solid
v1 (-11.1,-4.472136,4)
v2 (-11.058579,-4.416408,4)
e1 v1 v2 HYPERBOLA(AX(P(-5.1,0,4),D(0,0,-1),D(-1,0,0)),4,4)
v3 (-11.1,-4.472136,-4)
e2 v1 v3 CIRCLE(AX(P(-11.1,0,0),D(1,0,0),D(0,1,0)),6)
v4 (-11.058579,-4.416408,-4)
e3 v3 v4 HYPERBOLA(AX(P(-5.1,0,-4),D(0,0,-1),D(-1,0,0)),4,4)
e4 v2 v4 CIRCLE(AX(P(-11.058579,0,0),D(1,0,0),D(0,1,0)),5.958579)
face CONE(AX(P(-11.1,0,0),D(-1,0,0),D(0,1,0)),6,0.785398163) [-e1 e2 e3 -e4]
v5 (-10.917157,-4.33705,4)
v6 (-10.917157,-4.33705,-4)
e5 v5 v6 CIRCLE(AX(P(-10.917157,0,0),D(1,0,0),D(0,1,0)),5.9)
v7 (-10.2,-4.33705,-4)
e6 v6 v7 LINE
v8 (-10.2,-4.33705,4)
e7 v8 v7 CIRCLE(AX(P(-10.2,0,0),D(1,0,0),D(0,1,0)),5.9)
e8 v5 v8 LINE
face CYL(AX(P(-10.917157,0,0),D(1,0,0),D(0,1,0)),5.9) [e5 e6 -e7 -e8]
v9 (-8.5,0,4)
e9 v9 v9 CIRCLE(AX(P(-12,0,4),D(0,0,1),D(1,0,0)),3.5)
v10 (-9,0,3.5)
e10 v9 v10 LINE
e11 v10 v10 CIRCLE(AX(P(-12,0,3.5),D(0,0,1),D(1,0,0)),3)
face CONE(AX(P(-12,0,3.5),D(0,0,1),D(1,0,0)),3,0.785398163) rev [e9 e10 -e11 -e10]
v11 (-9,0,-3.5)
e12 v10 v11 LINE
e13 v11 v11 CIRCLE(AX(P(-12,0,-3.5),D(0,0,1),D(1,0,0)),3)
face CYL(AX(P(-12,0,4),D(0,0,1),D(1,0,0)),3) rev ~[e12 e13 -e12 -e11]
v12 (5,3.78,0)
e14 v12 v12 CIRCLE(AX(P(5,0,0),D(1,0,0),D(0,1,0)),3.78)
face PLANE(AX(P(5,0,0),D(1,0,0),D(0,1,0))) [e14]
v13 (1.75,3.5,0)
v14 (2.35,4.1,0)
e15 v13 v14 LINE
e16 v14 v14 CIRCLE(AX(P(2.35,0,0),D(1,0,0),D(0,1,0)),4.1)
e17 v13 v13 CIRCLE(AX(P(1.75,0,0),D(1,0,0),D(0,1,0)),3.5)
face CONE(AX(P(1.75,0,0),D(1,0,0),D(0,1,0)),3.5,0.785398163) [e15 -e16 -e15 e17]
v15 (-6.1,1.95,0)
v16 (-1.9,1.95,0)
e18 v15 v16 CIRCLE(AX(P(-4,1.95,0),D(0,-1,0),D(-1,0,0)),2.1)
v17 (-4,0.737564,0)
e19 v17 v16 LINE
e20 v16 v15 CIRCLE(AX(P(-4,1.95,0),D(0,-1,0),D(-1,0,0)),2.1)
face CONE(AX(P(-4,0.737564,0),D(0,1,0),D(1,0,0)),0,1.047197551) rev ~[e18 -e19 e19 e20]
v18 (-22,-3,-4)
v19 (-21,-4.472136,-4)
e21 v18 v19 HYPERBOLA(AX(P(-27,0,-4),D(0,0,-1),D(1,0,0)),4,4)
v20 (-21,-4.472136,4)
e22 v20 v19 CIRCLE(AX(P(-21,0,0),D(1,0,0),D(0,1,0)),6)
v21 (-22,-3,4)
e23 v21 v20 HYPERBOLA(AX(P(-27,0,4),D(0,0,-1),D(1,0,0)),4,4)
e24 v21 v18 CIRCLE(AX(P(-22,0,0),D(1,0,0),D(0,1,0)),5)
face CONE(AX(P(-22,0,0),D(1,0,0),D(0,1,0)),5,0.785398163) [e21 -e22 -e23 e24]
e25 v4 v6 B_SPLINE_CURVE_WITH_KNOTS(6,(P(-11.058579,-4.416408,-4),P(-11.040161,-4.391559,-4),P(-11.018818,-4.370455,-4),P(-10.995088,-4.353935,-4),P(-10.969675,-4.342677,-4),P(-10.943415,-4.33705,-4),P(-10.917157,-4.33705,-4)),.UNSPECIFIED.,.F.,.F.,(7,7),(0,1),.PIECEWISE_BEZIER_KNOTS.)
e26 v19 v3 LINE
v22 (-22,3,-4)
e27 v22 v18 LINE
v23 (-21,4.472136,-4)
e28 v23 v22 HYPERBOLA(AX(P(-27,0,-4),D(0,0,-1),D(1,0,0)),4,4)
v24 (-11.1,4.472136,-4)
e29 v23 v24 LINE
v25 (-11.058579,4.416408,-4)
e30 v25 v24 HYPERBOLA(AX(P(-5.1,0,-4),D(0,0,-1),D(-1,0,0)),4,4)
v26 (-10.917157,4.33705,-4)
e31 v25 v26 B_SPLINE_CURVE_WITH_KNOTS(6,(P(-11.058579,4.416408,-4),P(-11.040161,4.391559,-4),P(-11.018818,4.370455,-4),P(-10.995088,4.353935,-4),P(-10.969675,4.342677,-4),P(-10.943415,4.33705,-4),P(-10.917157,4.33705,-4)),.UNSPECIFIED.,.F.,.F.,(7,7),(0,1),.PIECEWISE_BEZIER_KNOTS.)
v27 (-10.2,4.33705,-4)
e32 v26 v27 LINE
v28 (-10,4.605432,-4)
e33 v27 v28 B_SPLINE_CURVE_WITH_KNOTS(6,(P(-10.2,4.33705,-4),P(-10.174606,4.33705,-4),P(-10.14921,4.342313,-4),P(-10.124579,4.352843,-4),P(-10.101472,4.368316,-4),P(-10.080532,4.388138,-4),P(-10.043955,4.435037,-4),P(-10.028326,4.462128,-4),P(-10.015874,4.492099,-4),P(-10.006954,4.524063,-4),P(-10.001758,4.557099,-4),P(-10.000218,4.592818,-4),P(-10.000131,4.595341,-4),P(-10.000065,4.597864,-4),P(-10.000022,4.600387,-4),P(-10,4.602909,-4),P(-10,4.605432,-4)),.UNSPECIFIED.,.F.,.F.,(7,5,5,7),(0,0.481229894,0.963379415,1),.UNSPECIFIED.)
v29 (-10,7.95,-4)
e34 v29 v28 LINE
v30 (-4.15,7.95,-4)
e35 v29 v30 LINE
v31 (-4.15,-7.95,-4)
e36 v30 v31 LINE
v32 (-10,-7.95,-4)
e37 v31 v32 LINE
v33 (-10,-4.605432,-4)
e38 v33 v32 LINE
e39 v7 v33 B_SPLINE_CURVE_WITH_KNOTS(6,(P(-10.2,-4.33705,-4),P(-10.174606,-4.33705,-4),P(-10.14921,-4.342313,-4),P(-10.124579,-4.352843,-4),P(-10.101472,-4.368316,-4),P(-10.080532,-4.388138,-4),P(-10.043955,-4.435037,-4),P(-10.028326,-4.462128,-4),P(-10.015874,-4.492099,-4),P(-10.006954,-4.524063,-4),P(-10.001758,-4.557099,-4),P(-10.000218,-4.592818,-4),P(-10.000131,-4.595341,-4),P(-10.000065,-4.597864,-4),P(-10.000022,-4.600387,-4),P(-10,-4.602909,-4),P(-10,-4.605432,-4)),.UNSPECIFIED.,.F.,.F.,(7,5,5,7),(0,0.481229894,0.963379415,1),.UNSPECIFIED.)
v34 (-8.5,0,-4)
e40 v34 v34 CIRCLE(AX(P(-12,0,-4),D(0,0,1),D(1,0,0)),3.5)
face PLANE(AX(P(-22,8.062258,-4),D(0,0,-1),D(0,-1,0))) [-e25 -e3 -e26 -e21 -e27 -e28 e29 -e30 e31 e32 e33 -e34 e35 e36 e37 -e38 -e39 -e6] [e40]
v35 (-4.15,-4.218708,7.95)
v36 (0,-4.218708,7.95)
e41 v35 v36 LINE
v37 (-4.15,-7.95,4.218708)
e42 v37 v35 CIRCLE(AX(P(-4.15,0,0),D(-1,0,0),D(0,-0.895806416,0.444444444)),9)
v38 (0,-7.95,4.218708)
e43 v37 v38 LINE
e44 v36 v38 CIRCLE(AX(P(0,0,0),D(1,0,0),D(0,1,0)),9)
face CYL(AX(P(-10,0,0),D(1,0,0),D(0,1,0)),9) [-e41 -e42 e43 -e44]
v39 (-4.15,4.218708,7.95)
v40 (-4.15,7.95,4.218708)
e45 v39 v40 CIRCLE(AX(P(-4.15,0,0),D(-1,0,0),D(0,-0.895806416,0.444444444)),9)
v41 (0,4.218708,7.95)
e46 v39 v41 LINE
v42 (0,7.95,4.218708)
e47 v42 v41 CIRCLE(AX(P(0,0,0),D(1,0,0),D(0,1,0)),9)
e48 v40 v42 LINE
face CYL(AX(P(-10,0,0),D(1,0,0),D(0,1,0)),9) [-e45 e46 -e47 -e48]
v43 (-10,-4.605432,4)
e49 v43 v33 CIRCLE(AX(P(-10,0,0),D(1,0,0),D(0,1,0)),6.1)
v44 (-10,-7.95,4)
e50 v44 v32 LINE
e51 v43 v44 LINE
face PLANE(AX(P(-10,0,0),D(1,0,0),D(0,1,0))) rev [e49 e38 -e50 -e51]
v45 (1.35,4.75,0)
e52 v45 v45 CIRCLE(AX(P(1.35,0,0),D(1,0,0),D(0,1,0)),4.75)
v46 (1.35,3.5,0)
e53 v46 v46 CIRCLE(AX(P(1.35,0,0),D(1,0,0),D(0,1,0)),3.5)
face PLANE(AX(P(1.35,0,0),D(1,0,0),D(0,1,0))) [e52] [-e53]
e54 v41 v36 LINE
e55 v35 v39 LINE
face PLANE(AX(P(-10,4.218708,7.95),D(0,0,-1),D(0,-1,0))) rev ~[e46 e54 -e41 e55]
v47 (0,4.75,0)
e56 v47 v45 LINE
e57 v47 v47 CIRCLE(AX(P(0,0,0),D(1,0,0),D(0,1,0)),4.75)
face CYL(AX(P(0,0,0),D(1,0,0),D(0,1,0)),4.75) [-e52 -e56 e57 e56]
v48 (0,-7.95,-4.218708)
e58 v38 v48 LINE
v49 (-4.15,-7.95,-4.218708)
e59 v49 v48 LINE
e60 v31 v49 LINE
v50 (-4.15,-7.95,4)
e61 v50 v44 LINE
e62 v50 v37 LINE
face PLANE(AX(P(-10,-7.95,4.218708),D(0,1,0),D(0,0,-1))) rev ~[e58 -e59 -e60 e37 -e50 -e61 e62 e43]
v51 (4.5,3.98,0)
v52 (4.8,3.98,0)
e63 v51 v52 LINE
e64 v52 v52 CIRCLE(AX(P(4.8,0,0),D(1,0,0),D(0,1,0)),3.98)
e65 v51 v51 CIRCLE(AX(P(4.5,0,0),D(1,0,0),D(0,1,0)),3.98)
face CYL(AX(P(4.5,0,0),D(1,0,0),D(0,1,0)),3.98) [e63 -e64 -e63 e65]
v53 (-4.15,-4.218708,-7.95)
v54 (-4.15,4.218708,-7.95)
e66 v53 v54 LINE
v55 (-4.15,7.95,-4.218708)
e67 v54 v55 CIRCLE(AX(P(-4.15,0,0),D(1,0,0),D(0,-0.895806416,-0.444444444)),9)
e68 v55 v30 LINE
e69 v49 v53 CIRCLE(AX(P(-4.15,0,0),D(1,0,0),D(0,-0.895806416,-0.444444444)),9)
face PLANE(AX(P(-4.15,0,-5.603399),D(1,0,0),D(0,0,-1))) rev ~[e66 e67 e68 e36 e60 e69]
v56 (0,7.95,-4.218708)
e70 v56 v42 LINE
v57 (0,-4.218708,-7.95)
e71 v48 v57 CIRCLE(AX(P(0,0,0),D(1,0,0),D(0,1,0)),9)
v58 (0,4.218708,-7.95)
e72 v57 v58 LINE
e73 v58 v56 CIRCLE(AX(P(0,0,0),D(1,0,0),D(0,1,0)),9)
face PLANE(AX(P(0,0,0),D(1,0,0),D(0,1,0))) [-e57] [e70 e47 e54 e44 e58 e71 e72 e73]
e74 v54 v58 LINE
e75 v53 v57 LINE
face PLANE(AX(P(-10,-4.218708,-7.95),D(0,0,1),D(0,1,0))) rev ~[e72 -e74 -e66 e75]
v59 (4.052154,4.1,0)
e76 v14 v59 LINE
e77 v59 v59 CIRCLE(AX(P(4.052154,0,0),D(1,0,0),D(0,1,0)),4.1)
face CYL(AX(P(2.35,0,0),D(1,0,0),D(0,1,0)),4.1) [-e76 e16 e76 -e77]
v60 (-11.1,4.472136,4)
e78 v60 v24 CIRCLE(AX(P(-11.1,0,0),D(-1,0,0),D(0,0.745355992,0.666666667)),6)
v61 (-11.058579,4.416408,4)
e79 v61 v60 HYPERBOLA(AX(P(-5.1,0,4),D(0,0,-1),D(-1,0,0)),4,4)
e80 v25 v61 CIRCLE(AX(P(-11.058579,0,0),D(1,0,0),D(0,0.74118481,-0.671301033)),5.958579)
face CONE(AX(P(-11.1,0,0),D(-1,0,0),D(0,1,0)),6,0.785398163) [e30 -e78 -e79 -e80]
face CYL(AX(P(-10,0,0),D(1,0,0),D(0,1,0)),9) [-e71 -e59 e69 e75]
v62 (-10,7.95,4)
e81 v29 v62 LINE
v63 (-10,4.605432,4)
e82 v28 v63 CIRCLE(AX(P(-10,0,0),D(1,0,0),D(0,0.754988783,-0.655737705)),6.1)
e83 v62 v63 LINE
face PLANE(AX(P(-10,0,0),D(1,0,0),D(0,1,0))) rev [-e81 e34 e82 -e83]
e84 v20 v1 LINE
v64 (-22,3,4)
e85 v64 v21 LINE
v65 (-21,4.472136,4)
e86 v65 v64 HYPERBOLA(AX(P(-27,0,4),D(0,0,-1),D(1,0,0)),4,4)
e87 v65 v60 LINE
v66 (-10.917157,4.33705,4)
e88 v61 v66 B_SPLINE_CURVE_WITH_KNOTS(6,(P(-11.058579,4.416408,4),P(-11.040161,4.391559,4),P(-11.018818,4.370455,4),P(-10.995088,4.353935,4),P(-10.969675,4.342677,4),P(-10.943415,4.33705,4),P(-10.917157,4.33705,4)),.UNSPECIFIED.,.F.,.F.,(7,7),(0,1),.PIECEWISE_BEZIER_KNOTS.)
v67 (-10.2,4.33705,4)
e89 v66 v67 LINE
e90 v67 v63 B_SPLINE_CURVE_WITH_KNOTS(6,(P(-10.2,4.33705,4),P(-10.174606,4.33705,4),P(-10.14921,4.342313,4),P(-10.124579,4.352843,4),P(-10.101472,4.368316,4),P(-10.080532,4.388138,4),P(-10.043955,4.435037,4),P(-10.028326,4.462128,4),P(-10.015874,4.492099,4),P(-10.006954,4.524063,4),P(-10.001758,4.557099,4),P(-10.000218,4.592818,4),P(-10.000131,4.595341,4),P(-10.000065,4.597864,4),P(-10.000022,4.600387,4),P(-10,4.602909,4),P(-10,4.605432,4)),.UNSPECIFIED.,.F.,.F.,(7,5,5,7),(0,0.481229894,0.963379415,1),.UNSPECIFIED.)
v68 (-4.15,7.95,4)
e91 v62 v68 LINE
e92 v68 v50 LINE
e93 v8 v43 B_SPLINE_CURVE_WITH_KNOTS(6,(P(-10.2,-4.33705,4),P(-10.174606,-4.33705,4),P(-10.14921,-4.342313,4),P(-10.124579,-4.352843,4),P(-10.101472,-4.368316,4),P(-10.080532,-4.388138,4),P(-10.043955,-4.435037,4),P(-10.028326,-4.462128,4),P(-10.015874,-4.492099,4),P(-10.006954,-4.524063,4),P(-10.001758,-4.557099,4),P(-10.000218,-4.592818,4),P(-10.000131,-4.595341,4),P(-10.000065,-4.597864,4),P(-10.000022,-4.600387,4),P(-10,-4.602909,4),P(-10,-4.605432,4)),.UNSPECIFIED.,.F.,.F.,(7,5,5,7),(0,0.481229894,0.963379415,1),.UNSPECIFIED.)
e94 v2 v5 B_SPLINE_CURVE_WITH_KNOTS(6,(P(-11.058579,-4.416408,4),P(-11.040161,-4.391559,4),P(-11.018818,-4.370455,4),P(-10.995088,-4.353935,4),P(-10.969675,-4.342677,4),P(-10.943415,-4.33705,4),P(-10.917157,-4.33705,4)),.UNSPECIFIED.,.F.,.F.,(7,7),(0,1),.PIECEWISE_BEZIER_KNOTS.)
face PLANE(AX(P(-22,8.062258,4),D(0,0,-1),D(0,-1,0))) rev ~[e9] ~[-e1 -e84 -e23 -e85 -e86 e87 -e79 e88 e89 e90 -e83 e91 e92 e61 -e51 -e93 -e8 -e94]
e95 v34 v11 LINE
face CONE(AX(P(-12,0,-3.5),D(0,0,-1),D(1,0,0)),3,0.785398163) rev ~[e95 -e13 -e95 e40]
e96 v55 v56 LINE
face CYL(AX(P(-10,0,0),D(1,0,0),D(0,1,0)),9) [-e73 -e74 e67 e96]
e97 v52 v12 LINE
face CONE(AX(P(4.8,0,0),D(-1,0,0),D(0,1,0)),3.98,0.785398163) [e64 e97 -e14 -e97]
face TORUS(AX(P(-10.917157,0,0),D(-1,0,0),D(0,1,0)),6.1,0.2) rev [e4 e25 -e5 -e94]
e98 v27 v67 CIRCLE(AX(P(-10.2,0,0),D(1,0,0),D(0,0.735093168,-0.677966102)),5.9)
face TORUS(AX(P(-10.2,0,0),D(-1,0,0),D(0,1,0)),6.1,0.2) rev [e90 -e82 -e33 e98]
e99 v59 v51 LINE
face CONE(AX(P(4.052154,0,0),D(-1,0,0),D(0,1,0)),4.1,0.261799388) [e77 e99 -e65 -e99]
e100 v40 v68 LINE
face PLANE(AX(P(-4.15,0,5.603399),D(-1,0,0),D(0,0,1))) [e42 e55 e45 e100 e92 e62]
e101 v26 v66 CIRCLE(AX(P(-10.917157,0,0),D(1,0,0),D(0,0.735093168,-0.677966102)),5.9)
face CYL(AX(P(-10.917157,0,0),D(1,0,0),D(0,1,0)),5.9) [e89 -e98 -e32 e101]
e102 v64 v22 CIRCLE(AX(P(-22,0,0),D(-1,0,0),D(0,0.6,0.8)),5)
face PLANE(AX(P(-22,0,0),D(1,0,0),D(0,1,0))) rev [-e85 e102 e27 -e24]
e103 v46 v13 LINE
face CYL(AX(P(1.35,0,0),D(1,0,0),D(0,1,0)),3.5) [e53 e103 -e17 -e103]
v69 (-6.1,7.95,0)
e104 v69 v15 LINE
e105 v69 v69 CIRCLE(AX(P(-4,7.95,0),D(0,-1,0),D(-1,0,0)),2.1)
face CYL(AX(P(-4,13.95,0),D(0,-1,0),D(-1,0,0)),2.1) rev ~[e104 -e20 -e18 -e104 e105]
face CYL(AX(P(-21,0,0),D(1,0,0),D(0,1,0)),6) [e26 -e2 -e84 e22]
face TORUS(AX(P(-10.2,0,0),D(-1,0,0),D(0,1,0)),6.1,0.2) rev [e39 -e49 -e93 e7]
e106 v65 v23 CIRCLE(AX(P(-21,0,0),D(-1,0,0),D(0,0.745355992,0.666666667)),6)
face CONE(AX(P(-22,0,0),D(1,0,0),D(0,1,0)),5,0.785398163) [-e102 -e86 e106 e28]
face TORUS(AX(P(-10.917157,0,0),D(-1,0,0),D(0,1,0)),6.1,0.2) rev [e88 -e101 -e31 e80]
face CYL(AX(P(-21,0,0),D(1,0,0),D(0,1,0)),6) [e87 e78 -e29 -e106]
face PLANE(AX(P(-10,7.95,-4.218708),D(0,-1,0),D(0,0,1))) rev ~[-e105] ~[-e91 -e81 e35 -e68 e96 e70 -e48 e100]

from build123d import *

# Parameters (mm, degrees)
O_L_DEPTH             = 17.85
CUT_EXTRUDE4_REACH    = 17
CUT_EXTRUDE2_REACH    = 13.95
SKETCH4_R             = 3
CHAMFER4_SIZE         = 0.5
M5_TAPPED_HOLE1_D     = 4.2
M5_TAPPED_HOLE1_DEPTH = 6
M5_TAPPED_HOLE1_TIP   = 1.212435565


with BuildPart() as part:
    # Sketch1 → Revolve1 (revolve)
    with BuildSketch(Plane.XY):
        with BuildLine():
            Line((-22, 0), (-22, 5))
            Line((-22, 5), (-21, 6))
            Line((-21, 6), (-11.1, 6))
            Line((-11.1, 6), (-11.058578644, 5.958578644))
            ThreePointArc((-11.058578644, 5.958578644), (-10.993693974, 5.915224093), (-10.917157288, 5.9))
            Line((-10.917157288, 5.9), (-10.2, 5.9))
            ThreePointArc((-10.2, 5.9), (-10.058578644, 5.958578644), (-10, 6.1))
            Line((-10, 6.1), (-10, 9))
            Line((-10, 9), (0, 9))
            Line((0, 9), (0, 4.75))
            Line((0, 4.75), (1.35, 4.75))
            Line((1.35, 4.75), (1.35, 3.5))
            Line((1.35, 3.5), (1.75, 3.5))
            Line((1.75, 3.5), (2.35, 4.1))
            Line((2.35, 4.1), (4.052153903, 4.1))
            Line((4.052153903, 4.1), (4.5, 3.98))
            Line((4.5, 3.98), (4.8, 3.98))
            Line((4.8, 3.98), (5, 3.78))
            Line((5, 3.78), (5, 0))
            Line((5, 0), (-22, 0))
        make_face()
    revolve(axis=Axis((0, 0, 0), (1, 0, 0)))

    # Sketch3 → O-L (cut)
    with BuildSketch(Plane.ZY.offset(22)):
        with BuildLine():
            Line((-4, 8.062257748), (-4, -8.062257748))
            ThreePointArc((-4, -8.062257748), (-9, 0), (-4, 8.062257748))
        make_face()
        with BuildLine():
            Line((4, 8.062257748), (4, -8.062257748))
            ThreePointArc((4, -8.062257748), (9, 0), (4, 8.062257748))
        make_face()
    extrude(amount=-O_L_DEPTH, mode=Mode.SUBTRACT)

    # Sketch6 → Cut-Extrude4 (cut, up to next)
    with BuildSketch(Plane.ZY.offset(10), mode=Mode.PRIVATE) as cut_extrude4_sk1:
        with BuildLine():
            Line((-4.218708333, 7.95), (4.218708333, 7.95))
            ThreePointArc((4.218708333, 7.95), (0, 9), (-4.218708333, 7.95))
        make_face()
    cut_extrude4_tool1 = extrude(cut_extrude4_sk1.sketch, amount=-CUT_EXTRUDE4_REACH, mode=Mode.PRIVATE) & part.part
    add(cut_extrude4_tool1.solids().sort_by_distance((-10, 8.372173, 0))[0], mode=Mode.SUBTRACT)
    # Sketch6 → Cut-Extrude4 (cut, up to next)
    with BuildSketch(Plane.ZY.offset(10), mode=Mode.PRIVATE) as cut_extrude4_sk2:
        with BuildLine():
            Line((7.95, 4.218708333), (7.95, -4.218708333))
            ThreePointArc((7.95, -4.218708333), (9, 0), (7.95, 4.218708333))
        make_face()
    cut_extrude4_tool2 = extrude(cut_extrude4_sk2.sketch, amount=-CUT_EXTRUDE4_REACH, mode=Mode.PRIVATE) & part.part
    add(cut_extrude4_tool2.solids().sort_by_distance((-10, 0, 8.372173))[0], mode=Mode.SUBTRACT)
    # Sketch6 → Cut-Extrude4 (cut, up to next)
    with BuildSketch(Plane.ZY.offset(10), mode=Mode.PRIVATE) as cut_extrude4_sk3:
        with BuildLine():
            Line((4.218708333, -7.95), (-4.218708333, -7.95))
            ThreePointArc((-4.218708333, -7.95), (0, -9), (4.218708333, -7.95))
        make_face()
    cut_extrude4_tool3 = extrude(cut_extrude4_sk3.sketch, amount=-CUT_EXTRUDE4_REACH, mode=Mode.PRIVATE) & part.part
    add(cut_extrude4_tool3.solids().sort_by_distance((-10, -8.372173, 0))[0], mode=Mode.SUBTRACT)
    # Sketch6 → Cut-Extrude4 (cut, up to next)
    with BuildSketch(Plane.ZY.offset(10), mode=Mode.PRIVATE) as cut_extrude4_sk4:
        with BuildLine():
            Line((-7.95, -4.218708333), (-7.95, 4.218708333))
            ThreePointArc((-7.95, 4.218708333), (-9, 0), (-7.95, -4.218708333))
        make_face()
    cut_extrude4_tool4 = extrude(cut_extrude4_sk4.sketch, amount=-CUT_EXTRUDE4_REACH, mode=Mode.PRIVATE) & part.part
    add(cut_extrude4_tool4.solids().sort_by_distance((-10, 0, -8.372173))[0], mode=Mode.SUBTRACT)

    # Sketch4 → Cut-Extrude2 (cut, up to next)
    with BuildSketch(Plane.XY.offset(4), mode=Mode.PRIVATE) as cut_extrude2_sk1:
        with Locations((-12, 0)):
            Circle(SKETCH4_R)
    cut_extrude2_tool1 = extrude(cut_extrude2_sk1.sketch, amount=-CUT_EXTRUDE2_REACH, mode=Mode.PRIVATE) & part.part
    add(cut_extrude2_tool1.solids().sort_by_distance((-12, 0, 4))[0], mode=Mode.SUBTRACT)

    # Chamfer4
    chamfer4_edges = [part.edges().sort_by_distance(p)[0] for p in [
        (-15, 0, 4),
        (-15, 0, -4),
    ]]
    chamfer(chamfer4_edges, length=CHAMFER4_SIZE)

    # M5 Tapped Hole1
    with Locations(Plane(origin=(0, 7.95, 0), x_dir=(1, 0, 0), z_dir=(0, 1, 0))):
        with Locations((-4, 0)):
            Hole(M5_TAPPED_HOLE1_D / 2, depth=M5_TAPPED_HOLE1_DEPTH)
            with Locations((0, 0, -(M5_TAPPED_HOLE1_DEPTH + M5_TAPPED_HOLE1_TIP / 2))):  # 120° drill point
                Cone(0, M5_TAPPED_HOLE1_D / 2, M5_TAPPED_HOLE1_TIP, mode=Mode.SUBTRACT)


solid = part.part
